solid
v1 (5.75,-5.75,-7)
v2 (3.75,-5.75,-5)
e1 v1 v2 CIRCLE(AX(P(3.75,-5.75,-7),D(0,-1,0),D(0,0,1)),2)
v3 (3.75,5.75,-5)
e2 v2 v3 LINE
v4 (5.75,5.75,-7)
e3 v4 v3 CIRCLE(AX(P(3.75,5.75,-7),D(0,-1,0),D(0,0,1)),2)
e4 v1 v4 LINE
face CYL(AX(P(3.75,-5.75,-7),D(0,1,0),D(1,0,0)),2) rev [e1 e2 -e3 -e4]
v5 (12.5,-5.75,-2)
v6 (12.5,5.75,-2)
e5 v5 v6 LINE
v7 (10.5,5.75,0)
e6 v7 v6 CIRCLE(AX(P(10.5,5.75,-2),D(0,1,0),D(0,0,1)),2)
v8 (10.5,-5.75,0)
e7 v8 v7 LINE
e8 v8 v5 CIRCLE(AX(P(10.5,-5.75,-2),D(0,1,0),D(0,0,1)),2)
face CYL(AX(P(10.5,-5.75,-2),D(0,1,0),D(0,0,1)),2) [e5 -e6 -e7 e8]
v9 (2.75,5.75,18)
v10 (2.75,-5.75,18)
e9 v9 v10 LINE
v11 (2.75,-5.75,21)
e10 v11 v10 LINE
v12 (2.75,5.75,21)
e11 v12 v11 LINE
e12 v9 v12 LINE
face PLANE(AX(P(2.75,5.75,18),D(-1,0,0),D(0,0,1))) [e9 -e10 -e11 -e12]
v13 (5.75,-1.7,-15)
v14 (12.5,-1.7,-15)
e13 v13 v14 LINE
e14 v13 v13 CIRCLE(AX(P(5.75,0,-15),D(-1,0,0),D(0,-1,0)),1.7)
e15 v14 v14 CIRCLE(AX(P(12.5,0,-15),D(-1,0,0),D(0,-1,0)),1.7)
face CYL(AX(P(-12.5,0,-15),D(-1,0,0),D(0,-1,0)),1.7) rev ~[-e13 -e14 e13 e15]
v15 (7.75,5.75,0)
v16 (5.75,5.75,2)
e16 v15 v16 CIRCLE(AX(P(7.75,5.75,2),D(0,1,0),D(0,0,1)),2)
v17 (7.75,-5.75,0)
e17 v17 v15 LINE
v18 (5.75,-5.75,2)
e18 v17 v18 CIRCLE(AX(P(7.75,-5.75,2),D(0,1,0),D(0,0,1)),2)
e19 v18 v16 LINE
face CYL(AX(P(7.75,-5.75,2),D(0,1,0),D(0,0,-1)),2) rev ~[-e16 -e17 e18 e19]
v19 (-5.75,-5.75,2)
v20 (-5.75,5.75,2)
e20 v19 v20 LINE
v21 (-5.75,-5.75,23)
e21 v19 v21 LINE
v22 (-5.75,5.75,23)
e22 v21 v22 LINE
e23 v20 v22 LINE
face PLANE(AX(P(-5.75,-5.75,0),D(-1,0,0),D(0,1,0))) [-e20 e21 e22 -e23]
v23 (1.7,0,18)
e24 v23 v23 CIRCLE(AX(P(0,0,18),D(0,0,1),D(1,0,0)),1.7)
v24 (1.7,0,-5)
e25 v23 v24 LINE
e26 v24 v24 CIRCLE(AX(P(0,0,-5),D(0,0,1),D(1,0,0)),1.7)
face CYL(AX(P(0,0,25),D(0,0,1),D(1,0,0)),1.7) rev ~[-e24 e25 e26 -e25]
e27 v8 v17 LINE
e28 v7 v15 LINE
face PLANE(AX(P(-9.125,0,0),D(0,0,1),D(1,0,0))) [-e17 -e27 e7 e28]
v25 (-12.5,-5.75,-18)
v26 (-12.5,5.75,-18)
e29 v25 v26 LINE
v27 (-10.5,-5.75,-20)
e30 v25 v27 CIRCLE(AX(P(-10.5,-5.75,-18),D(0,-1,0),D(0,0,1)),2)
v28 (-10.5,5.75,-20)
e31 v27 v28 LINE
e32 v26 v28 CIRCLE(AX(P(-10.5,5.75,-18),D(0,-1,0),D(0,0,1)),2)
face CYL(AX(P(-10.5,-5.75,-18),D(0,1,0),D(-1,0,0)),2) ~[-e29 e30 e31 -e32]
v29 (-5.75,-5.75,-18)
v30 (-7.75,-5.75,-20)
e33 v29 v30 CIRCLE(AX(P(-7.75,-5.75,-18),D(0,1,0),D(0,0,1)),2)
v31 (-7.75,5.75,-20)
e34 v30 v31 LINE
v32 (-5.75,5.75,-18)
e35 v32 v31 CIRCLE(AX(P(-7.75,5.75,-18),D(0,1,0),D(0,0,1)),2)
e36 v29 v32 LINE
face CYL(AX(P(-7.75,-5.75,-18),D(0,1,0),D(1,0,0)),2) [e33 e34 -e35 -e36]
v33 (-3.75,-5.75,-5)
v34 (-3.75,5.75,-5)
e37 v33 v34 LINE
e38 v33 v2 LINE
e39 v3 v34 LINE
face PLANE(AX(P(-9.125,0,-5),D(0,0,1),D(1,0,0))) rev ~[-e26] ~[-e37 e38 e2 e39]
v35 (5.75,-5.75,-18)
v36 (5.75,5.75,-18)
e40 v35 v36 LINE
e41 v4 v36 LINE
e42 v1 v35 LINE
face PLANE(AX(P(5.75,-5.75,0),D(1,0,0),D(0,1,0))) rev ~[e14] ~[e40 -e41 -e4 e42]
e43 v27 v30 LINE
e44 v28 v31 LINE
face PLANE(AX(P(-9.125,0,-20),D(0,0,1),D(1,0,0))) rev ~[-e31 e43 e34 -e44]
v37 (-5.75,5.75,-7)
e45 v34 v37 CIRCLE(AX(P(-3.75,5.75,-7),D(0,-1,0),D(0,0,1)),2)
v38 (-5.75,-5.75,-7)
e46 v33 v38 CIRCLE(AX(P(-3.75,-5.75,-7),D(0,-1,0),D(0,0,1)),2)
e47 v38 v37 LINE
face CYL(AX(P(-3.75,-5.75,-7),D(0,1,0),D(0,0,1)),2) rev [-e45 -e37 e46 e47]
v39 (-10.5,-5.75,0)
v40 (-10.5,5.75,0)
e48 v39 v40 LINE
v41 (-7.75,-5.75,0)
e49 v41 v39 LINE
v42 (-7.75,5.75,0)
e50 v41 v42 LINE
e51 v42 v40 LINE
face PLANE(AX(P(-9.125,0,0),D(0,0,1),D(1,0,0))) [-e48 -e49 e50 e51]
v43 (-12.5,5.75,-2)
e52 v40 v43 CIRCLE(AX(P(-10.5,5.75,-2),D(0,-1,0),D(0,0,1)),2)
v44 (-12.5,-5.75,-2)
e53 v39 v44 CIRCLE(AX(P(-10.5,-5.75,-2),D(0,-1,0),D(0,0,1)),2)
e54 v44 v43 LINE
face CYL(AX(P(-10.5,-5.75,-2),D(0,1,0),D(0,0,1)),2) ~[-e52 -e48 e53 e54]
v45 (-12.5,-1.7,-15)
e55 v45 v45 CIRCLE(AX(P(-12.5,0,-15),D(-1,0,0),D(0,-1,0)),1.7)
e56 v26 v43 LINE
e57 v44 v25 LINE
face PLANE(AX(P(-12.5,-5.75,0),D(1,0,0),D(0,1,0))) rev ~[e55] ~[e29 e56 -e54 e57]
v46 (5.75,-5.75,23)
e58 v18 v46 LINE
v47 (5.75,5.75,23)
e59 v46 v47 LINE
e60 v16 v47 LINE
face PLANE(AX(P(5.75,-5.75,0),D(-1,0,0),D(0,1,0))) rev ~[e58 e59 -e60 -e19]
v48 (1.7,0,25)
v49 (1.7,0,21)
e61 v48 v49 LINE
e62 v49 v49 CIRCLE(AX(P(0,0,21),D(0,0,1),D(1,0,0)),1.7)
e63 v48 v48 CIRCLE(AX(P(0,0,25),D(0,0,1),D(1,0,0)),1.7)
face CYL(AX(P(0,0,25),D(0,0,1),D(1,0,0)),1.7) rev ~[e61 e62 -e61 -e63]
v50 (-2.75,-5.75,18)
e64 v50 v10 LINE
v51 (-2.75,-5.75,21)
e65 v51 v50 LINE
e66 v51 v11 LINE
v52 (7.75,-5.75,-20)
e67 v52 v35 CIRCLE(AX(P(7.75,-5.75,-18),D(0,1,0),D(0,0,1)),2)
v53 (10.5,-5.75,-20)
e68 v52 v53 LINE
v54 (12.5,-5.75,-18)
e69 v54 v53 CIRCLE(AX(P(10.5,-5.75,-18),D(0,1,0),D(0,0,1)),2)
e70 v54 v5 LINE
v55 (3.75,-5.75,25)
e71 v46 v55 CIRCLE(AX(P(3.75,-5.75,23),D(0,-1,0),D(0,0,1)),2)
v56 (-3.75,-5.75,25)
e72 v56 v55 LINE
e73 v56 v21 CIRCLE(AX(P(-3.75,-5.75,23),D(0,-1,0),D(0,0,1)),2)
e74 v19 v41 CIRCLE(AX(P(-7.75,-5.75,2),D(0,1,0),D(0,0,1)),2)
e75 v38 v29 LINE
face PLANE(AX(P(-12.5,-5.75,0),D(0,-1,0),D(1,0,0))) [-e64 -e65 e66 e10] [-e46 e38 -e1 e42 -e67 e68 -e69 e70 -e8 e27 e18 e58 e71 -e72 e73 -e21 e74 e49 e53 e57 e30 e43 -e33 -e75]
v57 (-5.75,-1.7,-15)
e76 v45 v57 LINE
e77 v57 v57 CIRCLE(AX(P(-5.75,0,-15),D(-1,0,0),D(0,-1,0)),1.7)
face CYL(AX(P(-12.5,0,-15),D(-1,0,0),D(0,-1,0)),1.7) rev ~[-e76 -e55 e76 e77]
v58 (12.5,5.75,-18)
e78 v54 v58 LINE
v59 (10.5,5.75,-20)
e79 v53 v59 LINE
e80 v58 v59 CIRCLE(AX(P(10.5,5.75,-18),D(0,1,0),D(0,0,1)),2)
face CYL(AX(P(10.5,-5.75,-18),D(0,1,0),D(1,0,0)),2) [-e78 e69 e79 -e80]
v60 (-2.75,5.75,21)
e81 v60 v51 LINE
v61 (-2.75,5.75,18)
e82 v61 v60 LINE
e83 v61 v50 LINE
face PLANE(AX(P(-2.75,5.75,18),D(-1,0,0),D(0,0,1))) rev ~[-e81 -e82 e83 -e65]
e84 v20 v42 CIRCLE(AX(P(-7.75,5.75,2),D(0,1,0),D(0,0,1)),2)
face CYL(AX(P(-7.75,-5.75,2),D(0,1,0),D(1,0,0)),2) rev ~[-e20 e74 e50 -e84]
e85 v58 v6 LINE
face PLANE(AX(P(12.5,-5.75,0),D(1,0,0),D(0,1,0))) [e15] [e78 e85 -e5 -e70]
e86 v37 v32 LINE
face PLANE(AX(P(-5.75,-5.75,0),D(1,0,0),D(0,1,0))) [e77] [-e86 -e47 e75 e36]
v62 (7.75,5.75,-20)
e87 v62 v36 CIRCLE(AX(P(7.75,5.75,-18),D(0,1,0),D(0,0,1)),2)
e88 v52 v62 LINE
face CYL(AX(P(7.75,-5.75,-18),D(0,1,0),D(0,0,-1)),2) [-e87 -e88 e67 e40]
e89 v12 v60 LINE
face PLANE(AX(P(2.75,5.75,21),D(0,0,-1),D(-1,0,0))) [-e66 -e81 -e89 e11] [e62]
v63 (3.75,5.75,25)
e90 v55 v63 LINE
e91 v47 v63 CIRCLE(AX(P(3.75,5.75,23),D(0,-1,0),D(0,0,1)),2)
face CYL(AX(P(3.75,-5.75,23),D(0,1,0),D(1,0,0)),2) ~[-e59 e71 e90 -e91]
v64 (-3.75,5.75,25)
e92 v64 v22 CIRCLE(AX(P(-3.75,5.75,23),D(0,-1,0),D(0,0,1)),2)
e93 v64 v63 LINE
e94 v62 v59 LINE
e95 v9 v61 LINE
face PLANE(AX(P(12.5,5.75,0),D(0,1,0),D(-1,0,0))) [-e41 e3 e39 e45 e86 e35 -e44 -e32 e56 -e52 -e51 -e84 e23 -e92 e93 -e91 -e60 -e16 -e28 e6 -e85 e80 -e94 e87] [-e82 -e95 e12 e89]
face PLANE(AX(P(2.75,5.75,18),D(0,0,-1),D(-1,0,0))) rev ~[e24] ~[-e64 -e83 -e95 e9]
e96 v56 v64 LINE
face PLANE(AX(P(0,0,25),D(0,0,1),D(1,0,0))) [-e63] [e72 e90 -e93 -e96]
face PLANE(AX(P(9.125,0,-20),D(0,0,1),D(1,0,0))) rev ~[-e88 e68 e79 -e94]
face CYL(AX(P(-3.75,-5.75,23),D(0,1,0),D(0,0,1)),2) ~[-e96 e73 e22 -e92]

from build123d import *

# Parameters (mm, degrees)
F0_W     = 6.75
F0_H     = 11.5
F0_W_2   = 11.5
F1_DEPTH = 5
F2_DEPTH = 20
F3_DEPTH = 25
F4_R     = 1.7
F5_DEPTH = 25.001
F6_W     = 5.5
F6_H     = 3
F7_DEPTH = 11.501
F8_R     = 1.7
F9_DEPTH = 45.001
F10_R    = 2


with BuildPart() as f1:
    # F0 (on Top) → F1 (new body)
    with BuildSketch(Plane.XY):
        with Locations((-9.125, 0)):
            Rectangle(F0_W, F0_H)
        with Locations((9.125, 0)):
            Rectangle(F0_W, F0_H)
        Rectangle(F0_W_2, F0_H)
    extrude(amount=-F1_DEPTH)

    # F0 (on Top) → F2 (join)
    with BuildSketch(Plane.XY):
        with Locations((9.125, 0)):
            Rectangle(F0_W, F0_H)
        with Locations((-9.125, 0)):
            Rectangle(F0_W, F0_H)
    extrude(amount=-F2_DEPTH)

    # F0 (on Top) → F3 (join)
    with BuildSketch(Plane.XY):
        Rectangle(F0_W_2, F0_H)
    extrude(amount=F3_DEPTH)

    # F4 (on face) → F5 (cut, through all)
    with BuildSketch(Plane(origin=(-12.5, 0, 0), x_dir=(0, -1, 0), z_dir=(-1, 0, 0))):
        with Locations((0, -15)):
            Circle(F4_R)
    extrude(amount=-F5_DEPTH, mode=Mode.SUBTRACT)

    # F6 (on face) → F7 (cut, through all)
    with BuildSketch(Plane(origin=(0, 5.75, 0), x_dir=(-1, 0, 0), z_dir=(0, 1, 0))):
        with Locations((0, 19.5)):
            Rectangle(F6_W, F6_H)
    extrude(amount=-F7_DEPTH, mode=Mode.SUBTRACT)

    # F8 (on face) → F9 (cut, through all)
    with BuildSketch(Plane.XY.offset(25)):
        Circle(F8_R)
    extrude(amount=-F9_DEPTH, mode=Mode.SUBTRACT)

    # F10
    f10_edges = [f1.edges().sort_by_distance(p)[0] for p in [
        (-5.75, 0, -20),
        (-12.5, 0, -20),
        (-5.75, 0, -5),
        (5.75, 0, -5),
        (5.75, 0, -20),
        (12.5, 0, -20),
        (12.5, 0, 0),
        (-12.5, 0, 0),
        (-5.75, 0, 0),
        (-5.75, 0, 25),
        (5.75, 0, 25),
        (5.75, 0, 0),
    ]]
    fillet(f10_edges, radius=F10_R)


solid = f1.part
